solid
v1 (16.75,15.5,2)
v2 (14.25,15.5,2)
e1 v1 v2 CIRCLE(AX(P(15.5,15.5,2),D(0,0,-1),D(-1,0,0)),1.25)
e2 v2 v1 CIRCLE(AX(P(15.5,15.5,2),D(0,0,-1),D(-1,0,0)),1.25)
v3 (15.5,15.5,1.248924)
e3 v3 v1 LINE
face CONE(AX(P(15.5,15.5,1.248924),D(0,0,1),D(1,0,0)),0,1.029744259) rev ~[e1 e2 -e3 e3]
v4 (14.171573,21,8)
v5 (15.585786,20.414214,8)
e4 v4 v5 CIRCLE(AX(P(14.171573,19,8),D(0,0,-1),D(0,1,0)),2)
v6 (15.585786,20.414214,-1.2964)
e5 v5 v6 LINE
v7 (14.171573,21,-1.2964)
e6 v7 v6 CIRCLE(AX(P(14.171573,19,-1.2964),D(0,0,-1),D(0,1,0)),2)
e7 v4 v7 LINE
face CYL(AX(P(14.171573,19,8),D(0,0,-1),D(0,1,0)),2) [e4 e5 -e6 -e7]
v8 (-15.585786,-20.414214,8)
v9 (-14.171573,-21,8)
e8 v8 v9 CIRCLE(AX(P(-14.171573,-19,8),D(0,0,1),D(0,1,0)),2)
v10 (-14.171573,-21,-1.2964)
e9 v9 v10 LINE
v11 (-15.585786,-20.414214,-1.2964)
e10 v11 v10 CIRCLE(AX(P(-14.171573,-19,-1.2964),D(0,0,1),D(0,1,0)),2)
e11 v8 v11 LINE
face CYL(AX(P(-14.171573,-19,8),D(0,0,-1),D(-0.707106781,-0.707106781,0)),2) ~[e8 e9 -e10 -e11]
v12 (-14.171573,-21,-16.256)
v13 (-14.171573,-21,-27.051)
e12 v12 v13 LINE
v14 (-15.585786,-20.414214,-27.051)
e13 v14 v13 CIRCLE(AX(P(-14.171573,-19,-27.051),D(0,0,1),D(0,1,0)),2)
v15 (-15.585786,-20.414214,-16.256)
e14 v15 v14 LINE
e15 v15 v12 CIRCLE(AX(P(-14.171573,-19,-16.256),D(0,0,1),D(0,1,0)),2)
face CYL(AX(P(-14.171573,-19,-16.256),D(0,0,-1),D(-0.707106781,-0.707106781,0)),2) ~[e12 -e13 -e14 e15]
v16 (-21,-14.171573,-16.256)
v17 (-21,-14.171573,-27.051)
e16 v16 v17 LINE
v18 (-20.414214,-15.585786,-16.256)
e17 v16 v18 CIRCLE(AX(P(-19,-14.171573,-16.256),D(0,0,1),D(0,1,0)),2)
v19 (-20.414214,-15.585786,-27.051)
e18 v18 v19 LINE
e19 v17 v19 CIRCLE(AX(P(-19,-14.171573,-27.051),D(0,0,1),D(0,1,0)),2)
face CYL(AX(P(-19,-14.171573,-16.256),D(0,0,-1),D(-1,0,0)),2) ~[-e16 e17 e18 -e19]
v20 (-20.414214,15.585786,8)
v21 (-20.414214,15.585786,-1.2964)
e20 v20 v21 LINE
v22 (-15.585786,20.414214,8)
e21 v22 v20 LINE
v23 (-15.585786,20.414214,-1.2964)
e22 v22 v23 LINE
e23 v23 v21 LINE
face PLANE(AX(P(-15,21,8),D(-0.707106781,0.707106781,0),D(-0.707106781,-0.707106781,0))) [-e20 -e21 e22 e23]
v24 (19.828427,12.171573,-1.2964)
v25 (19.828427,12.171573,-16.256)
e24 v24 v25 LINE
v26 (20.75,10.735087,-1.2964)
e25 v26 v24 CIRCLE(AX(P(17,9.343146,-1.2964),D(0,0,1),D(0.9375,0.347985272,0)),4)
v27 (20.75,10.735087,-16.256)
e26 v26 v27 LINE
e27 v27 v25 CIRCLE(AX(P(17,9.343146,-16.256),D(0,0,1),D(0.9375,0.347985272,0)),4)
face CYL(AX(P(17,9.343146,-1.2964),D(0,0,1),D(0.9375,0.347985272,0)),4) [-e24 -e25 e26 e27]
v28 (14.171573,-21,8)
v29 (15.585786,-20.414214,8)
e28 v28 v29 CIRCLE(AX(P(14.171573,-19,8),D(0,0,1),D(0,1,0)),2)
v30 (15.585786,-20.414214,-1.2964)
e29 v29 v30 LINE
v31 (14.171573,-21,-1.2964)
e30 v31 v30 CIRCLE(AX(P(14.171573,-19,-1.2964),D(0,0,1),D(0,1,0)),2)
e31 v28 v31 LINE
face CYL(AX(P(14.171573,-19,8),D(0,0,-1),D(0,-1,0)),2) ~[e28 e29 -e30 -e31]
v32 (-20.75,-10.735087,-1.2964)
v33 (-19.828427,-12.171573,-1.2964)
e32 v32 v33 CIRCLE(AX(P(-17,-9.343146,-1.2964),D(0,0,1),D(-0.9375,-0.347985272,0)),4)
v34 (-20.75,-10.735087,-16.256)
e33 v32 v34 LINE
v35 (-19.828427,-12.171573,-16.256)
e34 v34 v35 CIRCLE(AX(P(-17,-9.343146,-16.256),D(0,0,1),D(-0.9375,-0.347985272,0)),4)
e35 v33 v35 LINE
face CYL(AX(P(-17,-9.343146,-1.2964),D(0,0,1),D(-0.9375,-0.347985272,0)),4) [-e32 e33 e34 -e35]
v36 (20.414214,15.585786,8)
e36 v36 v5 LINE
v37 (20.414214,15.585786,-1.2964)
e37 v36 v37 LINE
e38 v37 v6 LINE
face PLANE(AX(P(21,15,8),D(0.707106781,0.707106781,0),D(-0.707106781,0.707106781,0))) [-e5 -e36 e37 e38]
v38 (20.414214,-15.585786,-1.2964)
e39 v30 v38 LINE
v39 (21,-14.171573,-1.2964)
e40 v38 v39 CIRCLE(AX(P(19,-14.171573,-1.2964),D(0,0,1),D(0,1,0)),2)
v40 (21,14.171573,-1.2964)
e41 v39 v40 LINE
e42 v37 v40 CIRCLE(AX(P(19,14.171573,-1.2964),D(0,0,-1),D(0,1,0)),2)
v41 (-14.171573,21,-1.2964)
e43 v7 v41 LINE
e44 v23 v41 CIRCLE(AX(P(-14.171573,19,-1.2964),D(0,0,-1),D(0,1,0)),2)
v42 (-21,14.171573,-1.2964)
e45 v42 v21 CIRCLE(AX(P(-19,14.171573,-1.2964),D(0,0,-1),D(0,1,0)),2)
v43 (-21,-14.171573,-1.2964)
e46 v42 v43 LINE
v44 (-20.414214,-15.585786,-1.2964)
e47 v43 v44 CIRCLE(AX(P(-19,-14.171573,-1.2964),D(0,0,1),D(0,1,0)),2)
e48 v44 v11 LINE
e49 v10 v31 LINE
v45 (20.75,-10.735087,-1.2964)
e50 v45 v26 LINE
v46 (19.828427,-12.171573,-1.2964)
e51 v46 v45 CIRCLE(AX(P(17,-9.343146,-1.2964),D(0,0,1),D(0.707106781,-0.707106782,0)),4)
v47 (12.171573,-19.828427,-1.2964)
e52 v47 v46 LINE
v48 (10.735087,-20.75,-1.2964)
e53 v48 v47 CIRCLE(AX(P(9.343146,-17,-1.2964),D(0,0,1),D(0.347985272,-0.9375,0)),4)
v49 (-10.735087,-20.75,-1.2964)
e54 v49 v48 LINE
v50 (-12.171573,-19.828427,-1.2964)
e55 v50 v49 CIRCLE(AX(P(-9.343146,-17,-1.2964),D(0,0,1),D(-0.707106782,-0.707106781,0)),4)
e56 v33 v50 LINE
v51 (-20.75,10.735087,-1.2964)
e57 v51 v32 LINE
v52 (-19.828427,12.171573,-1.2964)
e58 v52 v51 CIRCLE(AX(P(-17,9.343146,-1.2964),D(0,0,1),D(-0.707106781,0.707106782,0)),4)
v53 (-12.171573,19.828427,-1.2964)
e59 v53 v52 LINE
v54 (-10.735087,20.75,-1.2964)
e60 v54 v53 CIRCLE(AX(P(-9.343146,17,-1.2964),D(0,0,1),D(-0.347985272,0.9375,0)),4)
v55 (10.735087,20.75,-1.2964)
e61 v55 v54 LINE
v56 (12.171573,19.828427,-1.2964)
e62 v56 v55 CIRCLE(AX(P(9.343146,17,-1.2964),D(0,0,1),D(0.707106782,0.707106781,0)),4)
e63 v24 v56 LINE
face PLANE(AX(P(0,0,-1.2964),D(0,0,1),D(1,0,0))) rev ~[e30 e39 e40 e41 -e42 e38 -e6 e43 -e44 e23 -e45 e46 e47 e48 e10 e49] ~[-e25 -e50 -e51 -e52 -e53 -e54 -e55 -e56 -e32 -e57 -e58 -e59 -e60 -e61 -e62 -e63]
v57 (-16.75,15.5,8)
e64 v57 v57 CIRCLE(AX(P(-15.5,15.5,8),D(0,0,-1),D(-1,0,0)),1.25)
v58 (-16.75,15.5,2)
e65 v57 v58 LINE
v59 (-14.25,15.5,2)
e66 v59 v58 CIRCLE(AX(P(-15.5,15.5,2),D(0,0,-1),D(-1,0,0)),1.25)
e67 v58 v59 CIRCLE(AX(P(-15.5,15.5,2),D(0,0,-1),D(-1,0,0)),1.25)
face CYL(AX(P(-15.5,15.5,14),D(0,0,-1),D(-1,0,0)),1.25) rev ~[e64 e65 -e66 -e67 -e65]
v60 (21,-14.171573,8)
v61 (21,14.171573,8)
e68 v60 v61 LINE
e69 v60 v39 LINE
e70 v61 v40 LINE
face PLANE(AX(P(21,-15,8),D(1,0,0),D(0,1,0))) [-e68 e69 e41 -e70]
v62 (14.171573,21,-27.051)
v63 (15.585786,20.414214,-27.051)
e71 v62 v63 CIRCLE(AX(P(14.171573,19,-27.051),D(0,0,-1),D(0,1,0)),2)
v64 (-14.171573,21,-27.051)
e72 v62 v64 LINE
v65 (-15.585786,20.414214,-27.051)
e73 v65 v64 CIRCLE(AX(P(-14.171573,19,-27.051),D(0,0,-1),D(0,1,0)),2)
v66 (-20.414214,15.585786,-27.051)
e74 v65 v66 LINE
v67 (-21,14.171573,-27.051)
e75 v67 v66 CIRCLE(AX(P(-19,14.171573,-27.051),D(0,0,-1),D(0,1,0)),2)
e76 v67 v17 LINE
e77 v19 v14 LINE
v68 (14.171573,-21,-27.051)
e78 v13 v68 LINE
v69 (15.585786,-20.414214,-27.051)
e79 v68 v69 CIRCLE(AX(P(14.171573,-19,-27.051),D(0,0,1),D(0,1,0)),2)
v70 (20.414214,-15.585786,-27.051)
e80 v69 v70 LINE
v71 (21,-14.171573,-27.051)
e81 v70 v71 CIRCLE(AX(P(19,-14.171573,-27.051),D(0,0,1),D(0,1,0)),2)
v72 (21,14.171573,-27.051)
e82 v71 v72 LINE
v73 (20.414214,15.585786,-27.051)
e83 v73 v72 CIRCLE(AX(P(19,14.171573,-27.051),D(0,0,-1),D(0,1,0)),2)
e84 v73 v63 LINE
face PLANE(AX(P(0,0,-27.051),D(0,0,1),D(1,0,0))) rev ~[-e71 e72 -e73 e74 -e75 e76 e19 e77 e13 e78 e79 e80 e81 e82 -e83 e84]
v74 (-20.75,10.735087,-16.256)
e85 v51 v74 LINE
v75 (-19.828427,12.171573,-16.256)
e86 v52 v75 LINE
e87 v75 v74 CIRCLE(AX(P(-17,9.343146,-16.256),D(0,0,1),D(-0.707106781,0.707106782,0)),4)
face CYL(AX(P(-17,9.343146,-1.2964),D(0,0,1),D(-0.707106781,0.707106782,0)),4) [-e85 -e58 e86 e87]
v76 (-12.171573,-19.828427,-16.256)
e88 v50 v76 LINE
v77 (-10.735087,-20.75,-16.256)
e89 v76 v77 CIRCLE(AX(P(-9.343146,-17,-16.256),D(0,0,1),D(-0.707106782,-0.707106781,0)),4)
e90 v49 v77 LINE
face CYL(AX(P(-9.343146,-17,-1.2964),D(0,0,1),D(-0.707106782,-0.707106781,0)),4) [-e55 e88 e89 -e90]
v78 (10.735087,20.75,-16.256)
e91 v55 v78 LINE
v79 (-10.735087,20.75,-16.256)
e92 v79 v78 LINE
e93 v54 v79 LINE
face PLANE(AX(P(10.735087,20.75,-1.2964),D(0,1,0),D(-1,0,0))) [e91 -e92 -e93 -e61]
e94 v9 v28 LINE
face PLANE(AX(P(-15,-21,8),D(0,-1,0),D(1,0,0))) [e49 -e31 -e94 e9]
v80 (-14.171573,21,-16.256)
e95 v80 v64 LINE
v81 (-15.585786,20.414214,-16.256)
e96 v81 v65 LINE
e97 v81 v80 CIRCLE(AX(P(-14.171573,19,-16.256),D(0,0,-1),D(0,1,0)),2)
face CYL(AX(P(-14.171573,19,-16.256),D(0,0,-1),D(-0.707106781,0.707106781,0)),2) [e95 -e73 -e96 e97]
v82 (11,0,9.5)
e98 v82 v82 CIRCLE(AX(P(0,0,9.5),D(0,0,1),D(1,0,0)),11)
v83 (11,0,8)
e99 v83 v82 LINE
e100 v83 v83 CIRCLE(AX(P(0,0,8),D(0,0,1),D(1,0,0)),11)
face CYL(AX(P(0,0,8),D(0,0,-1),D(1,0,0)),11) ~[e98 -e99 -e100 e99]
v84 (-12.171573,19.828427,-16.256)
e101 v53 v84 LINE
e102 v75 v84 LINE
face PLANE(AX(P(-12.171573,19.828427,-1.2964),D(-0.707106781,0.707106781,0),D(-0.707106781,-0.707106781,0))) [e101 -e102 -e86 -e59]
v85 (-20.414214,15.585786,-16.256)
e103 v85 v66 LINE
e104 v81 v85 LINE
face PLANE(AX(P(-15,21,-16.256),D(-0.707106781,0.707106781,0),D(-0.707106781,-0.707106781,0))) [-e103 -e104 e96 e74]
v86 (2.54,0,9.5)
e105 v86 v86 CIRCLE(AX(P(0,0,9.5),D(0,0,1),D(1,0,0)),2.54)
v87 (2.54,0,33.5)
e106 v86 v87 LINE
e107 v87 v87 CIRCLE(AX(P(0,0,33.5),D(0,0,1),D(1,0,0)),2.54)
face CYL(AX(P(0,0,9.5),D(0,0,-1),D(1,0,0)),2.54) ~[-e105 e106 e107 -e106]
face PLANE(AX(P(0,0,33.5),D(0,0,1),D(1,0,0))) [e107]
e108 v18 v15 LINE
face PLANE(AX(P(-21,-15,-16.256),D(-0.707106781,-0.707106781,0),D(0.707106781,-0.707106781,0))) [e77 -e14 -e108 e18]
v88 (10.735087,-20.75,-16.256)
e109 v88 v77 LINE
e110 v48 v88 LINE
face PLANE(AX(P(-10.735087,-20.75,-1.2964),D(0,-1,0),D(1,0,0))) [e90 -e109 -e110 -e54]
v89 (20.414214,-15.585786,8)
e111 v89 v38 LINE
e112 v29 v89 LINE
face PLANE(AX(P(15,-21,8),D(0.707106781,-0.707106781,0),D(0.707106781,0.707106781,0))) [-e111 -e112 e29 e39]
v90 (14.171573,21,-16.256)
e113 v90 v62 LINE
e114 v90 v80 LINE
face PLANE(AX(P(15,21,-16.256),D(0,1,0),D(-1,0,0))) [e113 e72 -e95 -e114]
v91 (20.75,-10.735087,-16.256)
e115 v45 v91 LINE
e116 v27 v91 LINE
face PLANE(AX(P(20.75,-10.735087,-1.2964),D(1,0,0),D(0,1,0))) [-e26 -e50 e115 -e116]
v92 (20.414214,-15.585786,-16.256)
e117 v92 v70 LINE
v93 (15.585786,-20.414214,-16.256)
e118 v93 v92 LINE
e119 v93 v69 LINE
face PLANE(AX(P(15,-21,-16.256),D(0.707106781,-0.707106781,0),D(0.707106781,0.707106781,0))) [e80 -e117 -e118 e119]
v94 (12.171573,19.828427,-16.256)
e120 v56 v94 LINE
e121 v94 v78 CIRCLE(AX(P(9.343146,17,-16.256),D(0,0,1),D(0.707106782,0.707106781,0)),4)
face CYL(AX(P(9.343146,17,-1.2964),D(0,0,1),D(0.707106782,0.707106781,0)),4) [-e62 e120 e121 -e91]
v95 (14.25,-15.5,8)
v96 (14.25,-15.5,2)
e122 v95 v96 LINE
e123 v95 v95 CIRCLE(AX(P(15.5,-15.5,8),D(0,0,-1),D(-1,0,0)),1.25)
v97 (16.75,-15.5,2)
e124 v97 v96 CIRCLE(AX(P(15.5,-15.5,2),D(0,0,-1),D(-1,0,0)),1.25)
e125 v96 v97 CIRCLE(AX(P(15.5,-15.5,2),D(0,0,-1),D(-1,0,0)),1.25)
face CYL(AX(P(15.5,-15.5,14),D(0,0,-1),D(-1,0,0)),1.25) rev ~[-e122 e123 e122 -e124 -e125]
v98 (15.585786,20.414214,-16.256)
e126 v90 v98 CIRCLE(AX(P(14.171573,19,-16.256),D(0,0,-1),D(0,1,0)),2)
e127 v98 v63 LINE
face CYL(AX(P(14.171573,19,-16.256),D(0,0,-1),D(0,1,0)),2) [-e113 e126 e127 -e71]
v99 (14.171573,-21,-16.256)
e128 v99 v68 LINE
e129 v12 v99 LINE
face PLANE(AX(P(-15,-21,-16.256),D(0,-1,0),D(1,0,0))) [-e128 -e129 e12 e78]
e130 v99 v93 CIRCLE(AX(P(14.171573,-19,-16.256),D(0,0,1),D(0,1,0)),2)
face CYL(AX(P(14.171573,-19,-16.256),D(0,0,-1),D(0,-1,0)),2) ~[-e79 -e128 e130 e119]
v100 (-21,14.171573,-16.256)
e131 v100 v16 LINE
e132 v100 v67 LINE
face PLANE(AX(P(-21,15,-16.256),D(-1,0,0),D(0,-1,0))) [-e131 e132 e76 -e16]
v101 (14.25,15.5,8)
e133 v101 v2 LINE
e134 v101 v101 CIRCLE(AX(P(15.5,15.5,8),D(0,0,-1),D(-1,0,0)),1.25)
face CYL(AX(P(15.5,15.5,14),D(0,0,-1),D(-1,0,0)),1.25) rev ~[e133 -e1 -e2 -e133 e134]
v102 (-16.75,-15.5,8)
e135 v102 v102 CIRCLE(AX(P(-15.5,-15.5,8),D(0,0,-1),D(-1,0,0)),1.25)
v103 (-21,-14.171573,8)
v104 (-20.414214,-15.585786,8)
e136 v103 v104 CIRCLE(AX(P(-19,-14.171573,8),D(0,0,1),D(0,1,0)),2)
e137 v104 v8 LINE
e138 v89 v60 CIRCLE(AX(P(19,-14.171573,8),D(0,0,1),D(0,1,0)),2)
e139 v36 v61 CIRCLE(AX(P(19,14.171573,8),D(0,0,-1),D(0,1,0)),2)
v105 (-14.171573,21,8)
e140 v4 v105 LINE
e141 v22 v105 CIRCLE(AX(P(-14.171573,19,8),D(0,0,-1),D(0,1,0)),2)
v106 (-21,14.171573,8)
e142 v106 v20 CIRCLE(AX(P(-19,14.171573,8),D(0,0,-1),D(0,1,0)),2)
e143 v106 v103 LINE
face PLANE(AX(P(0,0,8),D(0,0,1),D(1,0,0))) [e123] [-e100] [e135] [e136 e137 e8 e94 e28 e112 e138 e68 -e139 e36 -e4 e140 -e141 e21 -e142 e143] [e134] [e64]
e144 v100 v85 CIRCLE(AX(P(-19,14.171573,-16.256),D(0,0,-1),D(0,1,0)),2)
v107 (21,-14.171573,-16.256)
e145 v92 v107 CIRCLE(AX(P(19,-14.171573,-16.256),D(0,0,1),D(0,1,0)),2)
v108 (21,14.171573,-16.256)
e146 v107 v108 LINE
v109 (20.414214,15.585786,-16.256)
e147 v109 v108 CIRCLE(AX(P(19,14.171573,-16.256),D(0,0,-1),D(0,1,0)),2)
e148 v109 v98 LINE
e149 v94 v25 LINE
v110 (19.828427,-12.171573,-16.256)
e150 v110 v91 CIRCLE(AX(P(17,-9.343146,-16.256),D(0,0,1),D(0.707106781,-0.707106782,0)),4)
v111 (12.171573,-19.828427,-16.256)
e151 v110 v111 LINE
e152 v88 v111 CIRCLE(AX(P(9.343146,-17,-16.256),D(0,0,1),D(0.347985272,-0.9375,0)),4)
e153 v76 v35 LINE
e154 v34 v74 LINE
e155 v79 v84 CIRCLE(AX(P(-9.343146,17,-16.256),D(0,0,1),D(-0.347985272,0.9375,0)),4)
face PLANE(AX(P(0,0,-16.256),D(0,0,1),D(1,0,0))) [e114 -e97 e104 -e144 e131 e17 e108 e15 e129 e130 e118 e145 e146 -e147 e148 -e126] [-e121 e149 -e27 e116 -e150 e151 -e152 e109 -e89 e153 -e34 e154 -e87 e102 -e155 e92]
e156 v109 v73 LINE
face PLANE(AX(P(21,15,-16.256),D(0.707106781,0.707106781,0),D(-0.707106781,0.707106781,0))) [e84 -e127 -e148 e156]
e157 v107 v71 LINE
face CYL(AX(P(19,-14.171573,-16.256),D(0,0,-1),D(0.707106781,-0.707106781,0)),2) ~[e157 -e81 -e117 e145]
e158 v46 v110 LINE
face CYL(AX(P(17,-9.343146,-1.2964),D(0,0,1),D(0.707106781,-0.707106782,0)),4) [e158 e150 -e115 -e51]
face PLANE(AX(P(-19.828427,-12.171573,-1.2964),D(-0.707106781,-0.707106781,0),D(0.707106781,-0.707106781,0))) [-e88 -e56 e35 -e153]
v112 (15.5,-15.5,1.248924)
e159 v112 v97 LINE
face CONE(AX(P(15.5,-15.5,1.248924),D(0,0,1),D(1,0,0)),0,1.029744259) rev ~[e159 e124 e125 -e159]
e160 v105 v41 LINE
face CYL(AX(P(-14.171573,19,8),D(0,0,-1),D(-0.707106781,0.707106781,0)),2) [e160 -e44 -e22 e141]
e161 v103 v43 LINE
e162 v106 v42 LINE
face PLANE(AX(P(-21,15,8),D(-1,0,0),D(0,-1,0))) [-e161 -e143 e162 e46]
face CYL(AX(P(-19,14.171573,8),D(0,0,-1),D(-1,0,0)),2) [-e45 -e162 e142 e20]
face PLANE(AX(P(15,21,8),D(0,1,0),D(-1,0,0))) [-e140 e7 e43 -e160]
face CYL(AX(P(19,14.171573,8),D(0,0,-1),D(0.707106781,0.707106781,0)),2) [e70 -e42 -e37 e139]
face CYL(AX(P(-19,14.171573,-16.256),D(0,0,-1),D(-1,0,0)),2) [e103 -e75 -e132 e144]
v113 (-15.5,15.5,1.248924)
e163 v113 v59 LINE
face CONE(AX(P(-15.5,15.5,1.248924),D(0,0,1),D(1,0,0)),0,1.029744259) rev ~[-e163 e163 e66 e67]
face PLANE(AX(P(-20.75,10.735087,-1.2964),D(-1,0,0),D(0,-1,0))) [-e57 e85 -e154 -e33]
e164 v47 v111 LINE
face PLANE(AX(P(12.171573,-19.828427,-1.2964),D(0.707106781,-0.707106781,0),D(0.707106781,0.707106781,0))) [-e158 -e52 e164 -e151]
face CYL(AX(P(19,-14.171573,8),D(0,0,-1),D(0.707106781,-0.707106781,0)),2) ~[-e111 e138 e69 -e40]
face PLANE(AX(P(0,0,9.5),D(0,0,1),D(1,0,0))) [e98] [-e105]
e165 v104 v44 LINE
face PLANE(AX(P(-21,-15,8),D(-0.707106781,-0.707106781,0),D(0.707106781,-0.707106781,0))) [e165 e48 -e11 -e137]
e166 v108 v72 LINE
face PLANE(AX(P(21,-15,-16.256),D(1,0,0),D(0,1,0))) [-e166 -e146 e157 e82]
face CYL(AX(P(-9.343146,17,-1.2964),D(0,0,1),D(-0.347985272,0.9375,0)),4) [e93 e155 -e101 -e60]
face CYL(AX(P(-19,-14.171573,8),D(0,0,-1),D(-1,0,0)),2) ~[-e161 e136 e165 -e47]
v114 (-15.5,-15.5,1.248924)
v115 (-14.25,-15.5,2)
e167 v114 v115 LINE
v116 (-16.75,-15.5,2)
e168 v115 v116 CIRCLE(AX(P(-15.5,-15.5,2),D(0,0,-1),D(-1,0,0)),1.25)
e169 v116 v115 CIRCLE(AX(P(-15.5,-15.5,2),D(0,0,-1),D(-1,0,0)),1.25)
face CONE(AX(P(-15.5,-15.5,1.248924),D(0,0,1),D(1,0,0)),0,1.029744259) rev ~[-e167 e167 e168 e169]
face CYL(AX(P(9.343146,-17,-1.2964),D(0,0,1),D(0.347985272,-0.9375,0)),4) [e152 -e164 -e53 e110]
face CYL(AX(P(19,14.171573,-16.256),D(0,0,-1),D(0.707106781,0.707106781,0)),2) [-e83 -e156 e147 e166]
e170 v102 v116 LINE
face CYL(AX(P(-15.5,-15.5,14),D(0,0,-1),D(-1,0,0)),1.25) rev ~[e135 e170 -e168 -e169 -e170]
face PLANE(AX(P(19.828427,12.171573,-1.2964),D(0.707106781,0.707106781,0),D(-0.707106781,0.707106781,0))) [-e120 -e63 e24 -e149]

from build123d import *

# Parameters (mm, degrees)
BOSS_EXTRUDE1_DEPTH       = 9.2964
BOSS_EXTRUDE2_DEPTH       = 16.002
BOSS_EXTRUDE3_DEPTH       = 10.795
SKETCH4_R                 = 11
BOSS_EXTRUDE4_DEPTH       = 1.5
SKETCH5_R                 = 2.54
BOSS_EXTRUDE5_DEPTH       = 24
F_2_CLEARANCE_HOLE1_D     = 2.5
F_2_CLEARANCE_HOLE1_DEPTH = 6
F_2_CLEARANCE_HOLE1_TIP   = 0.751075774
FILLET1_R                 = 2


with BuildPart() as part:
    # Sketch1 → Boss-Extrude1 (new body)
    with BuildSketch(Plane.XY.offset(8)):
        Polygon((-21, 15), (-21, -15), (-15, -21), (15, -21), (21, -15), (21, 15), (15, 21), (-15, 21), align=None)
    extrude(amount=-BOSS_EXTRUDE1_DEPTH)

    # Sketch2 → Boss-Extrude2 (add)
    with BuildSketch(Plane(origin=(0, 0, -1.2964), x_dir=(-1, 0, 0), z_dir=(0, 0, -1))):
        with BuildLine():
            Line((-10.735086841, 20.75), (10.735086841, 20.75))
            ThreePointArc((10.735086841, 20.75), (11.503053413, 20.366719307), (12.171572875, 19.828427125))
            Line((12.171572875, 19.828427125), (19.828427125, 12.171572875))
            ThreePointArc((19.828427125, 12.171572875), (20.366719307, 11.503053413), (20.75, 10.735086841))
            Line((20.75, 10.735086841), (20.75, -10.735086841))
            ThreePointArc((20.75, -10.735086841), (20.366719307, -11.503053413), (19.828427125, -12.171572875))
            Line((19.828427125, -12.171572875), (12.171572875, -19.828427125))
            ThreePointArc((12.171572875, -19.828427125), (11.503053413, -20.366719307), (10.735086841, -20.75))
            Line((10.735086841, -20.75), (-10.735086841, -20.75))
            ThreePointArc((-10.735086841, -20.75), (-11.503053413, -20.366719307), (-12.171572875, -19.828427125))
            Line((-12.171572875, -19.828427125), (-19.828427125, -12.171572875))
            ThreePointArc((-19.828427125, -12.171572875), (-20.366719307, -11.503053413), (-20.75, -10.735086841))
            Line((-20.75, -10.735086841), (-20.75, 10.735086841))
            ThreePointArc((-20.75, 10.735086841), (-20.366719307, 11.503053413), (-19.828427125, 12.171572875))
            Line((-19.828427125, 12.171572875), (-12.171572875, 19.828427125))
            ThreePointArc((-12.171572875, 19.828427125), (-11.503053413, 20.366719307), (-10.735086841, 20.75))
        make_face()
    extrude(amount=BOSS_EXTRUDE2_DEPTH)

    # Sketch3 → Boss-Extrude3 (add)
    with BuildSketch(Plane.XY.offset(-16.256)):
        Polygon((-21, 15), (-21, -15), (-15, -21), (15, -21), (21, -15), (21, 15), (15, 21), (-15, 21), align=None)
    extrude(amount=-BOSS_EXTRUDE3_DEPTH)

    # Sketch4 → Boss-Extrude4 (add)
    with BuildSketch(Plane.XY.offset(8)):
        Circle(SKETCH4_R)
    extrude(amount=BOSS_EXTRUDE4_DEPTH)

    # Sketch5 → Boss-Extrude5 (add)
    with BuildSketch(Plane.XY.offset(9.5)):
        Circle(SKETCH5_R)
    extrude(amount=BOSS_EXTRUDE5_DEPTH)

    # #2 Clearance Hole1
    with Locations(Plane.XY.offset(8)):
        with Locations((-15.5, 15.5), (15.5, 15.5), (-15.5, -15.5), (15.5, -15.5)):
            Hole(F_2_CLEARANCE_HOLE1_D / 2, depth=F_2_CLEARANCE_HOLE1_DEPTH)
            with Locations((0, 0, -(F_2_CLEARANCE_HOLE1_DEPTH + F_2_CLEARANCE_HOLE1_TIP / 2))):  # 118° drill point
                Cone(0, F_2_CLEARANCE_HOLE1_D / 2, F_2_CLEARANCE_HOLE1_TIP, mode=Mode.SUBTRACT)

    # Fillet1
    fillet1_edges = [part.edges().sort_by_distance(p)[0] for p in [
        (-15, 21, 3.3518),
        (15, 21, 3.3518),
        (21, 15, 3.3518),
        (21, -15, 3.3518),
        (15, -21, 3.3518),
        (-15, -21, 3.3518),
        (-21, -15, 3.3518),
        (-21, 15, 3.3518),
        (-21, 15, -21.6535),
        (-15, 21, -21.6535),
        (15, 21, -21.6535),
        (21, 15, -21.6535),
        (21, -15, -21.6535),
        (15, -21, -21.6535),
        (-15, -21, -21.6535),
        (-21, -15, -21.6535),
    ]]
    fillet(fillet1_edges, radius=FILLET1_R)


solid = part.part
